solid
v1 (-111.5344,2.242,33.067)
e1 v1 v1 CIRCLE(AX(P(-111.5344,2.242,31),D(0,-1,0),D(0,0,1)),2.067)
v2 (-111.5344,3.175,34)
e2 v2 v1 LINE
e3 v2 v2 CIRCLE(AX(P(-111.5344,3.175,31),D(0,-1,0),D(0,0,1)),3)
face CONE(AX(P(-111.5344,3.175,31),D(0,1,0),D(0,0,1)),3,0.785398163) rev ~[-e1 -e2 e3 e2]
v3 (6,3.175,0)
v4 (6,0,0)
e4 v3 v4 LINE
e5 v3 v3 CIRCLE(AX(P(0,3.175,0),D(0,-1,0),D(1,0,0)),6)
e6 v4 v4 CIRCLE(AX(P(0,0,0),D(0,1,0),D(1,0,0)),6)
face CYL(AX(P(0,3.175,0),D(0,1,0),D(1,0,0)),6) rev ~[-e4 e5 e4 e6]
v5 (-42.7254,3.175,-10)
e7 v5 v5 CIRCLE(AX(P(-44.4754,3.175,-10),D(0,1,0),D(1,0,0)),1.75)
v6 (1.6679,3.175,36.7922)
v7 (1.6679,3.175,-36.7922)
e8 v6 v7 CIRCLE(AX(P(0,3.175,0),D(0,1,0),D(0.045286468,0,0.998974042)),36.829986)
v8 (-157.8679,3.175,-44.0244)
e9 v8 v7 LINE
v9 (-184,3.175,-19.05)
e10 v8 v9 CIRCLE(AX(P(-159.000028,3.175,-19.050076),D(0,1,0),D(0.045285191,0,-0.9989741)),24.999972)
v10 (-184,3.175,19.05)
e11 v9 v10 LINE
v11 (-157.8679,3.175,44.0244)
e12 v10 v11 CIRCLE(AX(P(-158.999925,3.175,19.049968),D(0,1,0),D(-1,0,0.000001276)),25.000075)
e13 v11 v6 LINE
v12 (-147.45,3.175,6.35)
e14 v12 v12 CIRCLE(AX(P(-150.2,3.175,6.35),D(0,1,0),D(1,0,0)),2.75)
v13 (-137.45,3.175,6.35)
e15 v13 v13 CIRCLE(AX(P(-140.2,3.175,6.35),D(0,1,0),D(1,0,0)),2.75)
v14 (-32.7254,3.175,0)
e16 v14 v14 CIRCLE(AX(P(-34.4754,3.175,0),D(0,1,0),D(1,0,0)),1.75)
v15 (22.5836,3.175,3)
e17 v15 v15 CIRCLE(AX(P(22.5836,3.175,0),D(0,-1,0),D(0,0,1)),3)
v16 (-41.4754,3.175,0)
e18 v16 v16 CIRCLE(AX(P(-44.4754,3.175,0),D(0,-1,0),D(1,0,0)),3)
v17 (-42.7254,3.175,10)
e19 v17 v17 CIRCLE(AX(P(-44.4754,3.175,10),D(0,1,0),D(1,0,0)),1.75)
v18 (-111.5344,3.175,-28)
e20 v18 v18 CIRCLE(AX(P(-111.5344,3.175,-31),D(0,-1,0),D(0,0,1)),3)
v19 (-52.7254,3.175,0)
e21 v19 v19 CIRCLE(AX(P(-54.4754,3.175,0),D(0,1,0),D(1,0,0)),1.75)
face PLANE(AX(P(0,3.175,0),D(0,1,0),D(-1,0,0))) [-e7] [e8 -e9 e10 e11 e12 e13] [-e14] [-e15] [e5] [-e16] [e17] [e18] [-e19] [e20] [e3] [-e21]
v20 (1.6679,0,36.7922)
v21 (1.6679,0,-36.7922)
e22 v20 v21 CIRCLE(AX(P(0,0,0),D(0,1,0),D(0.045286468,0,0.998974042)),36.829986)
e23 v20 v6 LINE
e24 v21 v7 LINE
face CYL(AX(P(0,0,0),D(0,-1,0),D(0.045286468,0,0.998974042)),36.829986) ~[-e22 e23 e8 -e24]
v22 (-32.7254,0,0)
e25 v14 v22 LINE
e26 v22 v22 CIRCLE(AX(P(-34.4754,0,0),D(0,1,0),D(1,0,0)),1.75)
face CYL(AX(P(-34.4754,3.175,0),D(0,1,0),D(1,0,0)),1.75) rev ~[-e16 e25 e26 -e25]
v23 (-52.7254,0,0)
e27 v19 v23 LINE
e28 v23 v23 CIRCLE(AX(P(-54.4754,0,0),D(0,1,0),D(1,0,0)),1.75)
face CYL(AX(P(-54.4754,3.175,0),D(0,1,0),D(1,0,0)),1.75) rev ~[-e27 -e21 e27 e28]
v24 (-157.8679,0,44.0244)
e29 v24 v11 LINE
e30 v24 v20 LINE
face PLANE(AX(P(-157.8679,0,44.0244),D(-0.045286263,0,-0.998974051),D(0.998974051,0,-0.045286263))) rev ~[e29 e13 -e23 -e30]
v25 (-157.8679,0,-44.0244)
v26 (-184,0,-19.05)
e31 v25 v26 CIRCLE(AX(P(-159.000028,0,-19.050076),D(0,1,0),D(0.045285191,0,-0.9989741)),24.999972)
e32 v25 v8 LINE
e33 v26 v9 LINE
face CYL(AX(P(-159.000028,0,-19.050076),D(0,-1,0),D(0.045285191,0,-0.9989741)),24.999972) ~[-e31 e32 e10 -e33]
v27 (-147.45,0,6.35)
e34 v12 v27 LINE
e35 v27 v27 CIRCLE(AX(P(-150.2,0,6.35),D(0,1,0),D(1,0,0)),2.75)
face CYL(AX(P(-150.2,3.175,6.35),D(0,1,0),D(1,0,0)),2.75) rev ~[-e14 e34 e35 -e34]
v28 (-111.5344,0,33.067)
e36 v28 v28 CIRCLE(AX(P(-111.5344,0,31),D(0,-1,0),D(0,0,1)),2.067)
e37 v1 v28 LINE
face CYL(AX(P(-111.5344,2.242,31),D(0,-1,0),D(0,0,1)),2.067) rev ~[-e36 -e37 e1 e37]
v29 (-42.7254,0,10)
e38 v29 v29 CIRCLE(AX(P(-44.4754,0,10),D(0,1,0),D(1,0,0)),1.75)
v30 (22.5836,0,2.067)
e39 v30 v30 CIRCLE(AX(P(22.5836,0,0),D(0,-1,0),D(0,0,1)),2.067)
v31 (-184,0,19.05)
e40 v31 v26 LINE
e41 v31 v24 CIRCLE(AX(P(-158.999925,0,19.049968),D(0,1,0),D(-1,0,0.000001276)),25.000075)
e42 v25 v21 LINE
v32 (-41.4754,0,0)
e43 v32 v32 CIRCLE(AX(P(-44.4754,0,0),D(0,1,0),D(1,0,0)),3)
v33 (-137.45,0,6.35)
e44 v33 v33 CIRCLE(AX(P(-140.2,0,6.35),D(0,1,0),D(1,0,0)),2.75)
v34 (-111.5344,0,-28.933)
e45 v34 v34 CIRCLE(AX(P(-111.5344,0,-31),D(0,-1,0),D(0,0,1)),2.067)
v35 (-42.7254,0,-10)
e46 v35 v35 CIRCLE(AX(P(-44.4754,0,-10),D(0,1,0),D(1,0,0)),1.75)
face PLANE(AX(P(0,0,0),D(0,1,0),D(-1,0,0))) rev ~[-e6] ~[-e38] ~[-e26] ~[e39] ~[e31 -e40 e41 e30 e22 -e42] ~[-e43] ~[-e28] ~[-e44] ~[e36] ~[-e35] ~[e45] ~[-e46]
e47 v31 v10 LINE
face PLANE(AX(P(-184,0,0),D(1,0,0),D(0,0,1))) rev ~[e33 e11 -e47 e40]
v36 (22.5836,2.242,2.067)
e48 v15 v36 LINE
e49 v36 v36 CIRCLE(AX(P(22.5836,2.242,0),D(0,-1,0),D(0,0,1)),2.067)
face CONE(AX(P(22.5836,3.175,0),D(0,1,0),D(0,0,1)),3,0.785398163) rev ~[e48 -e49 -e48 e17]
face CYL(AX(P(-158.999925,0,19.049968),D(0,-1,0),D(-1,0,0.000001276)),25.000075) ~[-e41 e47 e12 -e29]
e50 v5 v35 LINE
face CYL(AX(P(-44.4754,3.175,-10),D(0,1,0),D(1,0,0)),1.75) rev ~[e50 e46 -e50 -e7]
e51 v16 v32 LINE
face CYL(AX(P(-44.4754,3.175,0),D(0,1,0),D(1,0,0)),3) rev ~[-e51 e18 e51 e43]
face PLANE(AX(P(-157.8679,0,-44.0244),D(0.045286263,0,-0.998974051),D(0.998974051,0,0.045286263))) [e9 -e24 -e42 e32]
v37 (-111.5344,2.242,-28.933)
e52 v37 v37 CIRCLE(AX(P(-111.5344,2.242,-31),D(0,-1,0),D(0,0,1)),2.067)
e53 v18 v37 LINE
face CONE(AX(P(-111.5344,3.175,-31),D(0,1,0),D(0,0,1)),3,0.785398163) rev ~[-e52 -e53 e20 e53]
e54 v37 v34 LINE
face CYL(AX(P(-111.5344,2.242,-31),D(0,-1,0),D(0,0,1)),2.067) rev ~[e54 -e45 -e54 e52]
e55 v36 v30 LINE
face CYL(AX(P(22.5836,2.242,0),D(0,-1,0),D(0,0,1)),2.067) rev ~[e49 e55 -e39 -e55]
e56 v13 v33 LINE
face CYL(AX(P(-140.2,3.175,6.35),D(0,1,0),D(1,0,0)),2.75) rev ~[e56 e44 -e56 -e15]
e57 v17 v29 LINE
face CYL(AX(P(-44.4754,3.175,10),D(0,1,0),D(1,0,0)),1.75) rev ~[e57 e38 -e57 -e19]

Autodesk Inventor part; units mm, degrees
ref_plane "YZ Plane" through (0, 0, 0) normal (1, 0, 0) x (0, 1, 0)
ref_plane "XZ Plane" through (0, 0, 0) normal (0, 1, 0) x (-1, 0, 0)
ref_plane "XY Plane" through (0, 0, 0) normal (0, 0, 1) x (1, 0, 0)
sketch "Sketch1" plane through (0, 0, 0) normal (0, 1, 0) x (-1, 0, 0)
  arc A0 (-1.6679, 36.7922) -> (-1.6679, -36.7922) centre (0, 0) ccw
  arc A1 (157.8679, -44.0244) -> (184, -19.05) centre (159, -19.05) ccw
  arc A2 (184, 19.05) -> (157.8679, 44.0244) centre (159, 19.05) ccw
  line L0 (157.8679, -44.0244) -> (-1.6679, -36.7922)
  line L1 (157.8679, 44.0244) -> (-1.6679, 36.7922)
  line L2 (184, -19.05) -> (184, 19.05)
  line L3 (0, 0) -> (1115.1702, 0)
  dimension "d0" = 50
  dimension "d1" = 159
  dimension "d2" = 38.1
  dimension "d3" = 36.83
extrude "Main" add sketch "Sketch1" along normal blind 3.175
sketch "Sketch2" plane through (0, 3.175, 0) normal (0, 1, 0) x (1, 0, 0)
  circle A0 centre (0, 0) radius 6
  circle A1 centre (-44.4754, 0) radius 3
  arc A2 (-184, -19.05) -> (-157.8679, -44.0244) centre (-159, -19.05) ccw projected
  arc A3 (-157.8679, 44.0244) -> (-184, 19.05) centre (-159, 19.05) ccw projected
  line L0 (0, 0) -> (-245.2379, 0)
  dimension "d6" = 6
  dimension "d40" = 12
  dimension "d41" = 44.4754
extrude "Axis Holes" cut sketch "Sketch2" against normal through all
sketch "Sketch5" plane through (0, 3.175, 0) normal (0, 1, 0) x (1, 0, 0)
  line L0 (-133.2, -6.35) -> (-133.2, 29.1375) construction
  line L1 (-184, 19.05) -> (-184, -19.05) construction
  circle A0 centre (-140.2, -6.35) radius 2.75
  circle A1 centre (-150.2, -6.35) radius 2.75
  point P0 (0, 0)
  dimension "d43" = 50.8
  dimension "d44" = 7
  dimension "d45" = 10
  dimension "d46" = 5.5
extrude "Extrusion6" cut sketch "Sketch5" against normal through all
sketch "Sketch7" plane through (0, 3.175, 0) normal (0, 1, 0) x (1, 0, 0)
  circle A0 centre (-44.4754, 0) radius 3 construction
  circle A1 centre (-44.4754, 0) radius 10 construction
  circle A2 centre (-44.4754, 10) radius 1.75
  circle A3 centre (-54.4754, 0) radius 1.75
  circle A4 centre (-44.4754, -10) radius 1.75
  circle A5 centre (-34.4754, 0) radius 1.75
  point P0 (0, 0)
  dimension "d63" = 20
  dimension "d58" = 3.5
  dimension "d61" = 360
extrude "Extrusion8" cut sketch "Sketch7" against normal blind 10
sketch "Sketch9" plane through (0, 3.175, 0) normal (0, 1, 0) x (1, 0, 0)
  circle A0 centre (-44.4754, 0) radius 3 projected
  point P0 (0, 0)
  point P1 (-12.3688, -17.5481)
  point P2 (-111.5344, -31)
  point P3 (-111.5344, 31)
  point P4 (22.5836, 0)
  dimension "d73" = 67.059
  dimension "d74" = 67.059
  dimension "d75" = 31
  dimension "d76" = 31
hole "Hole1" at (-111.5344, 3.175, 31) at (-111.5344, 3.175, -31) at (22.5836, 3.175, 0) direction (0, -1, 0) diameter 4.134 end through all countersink diameter 6 countersink angle 90 thread size "M5x0.8" class "6H" standard "ISO Metric profile"
properties part number "Wrist Side Brase" material "Aluminum 6061"
